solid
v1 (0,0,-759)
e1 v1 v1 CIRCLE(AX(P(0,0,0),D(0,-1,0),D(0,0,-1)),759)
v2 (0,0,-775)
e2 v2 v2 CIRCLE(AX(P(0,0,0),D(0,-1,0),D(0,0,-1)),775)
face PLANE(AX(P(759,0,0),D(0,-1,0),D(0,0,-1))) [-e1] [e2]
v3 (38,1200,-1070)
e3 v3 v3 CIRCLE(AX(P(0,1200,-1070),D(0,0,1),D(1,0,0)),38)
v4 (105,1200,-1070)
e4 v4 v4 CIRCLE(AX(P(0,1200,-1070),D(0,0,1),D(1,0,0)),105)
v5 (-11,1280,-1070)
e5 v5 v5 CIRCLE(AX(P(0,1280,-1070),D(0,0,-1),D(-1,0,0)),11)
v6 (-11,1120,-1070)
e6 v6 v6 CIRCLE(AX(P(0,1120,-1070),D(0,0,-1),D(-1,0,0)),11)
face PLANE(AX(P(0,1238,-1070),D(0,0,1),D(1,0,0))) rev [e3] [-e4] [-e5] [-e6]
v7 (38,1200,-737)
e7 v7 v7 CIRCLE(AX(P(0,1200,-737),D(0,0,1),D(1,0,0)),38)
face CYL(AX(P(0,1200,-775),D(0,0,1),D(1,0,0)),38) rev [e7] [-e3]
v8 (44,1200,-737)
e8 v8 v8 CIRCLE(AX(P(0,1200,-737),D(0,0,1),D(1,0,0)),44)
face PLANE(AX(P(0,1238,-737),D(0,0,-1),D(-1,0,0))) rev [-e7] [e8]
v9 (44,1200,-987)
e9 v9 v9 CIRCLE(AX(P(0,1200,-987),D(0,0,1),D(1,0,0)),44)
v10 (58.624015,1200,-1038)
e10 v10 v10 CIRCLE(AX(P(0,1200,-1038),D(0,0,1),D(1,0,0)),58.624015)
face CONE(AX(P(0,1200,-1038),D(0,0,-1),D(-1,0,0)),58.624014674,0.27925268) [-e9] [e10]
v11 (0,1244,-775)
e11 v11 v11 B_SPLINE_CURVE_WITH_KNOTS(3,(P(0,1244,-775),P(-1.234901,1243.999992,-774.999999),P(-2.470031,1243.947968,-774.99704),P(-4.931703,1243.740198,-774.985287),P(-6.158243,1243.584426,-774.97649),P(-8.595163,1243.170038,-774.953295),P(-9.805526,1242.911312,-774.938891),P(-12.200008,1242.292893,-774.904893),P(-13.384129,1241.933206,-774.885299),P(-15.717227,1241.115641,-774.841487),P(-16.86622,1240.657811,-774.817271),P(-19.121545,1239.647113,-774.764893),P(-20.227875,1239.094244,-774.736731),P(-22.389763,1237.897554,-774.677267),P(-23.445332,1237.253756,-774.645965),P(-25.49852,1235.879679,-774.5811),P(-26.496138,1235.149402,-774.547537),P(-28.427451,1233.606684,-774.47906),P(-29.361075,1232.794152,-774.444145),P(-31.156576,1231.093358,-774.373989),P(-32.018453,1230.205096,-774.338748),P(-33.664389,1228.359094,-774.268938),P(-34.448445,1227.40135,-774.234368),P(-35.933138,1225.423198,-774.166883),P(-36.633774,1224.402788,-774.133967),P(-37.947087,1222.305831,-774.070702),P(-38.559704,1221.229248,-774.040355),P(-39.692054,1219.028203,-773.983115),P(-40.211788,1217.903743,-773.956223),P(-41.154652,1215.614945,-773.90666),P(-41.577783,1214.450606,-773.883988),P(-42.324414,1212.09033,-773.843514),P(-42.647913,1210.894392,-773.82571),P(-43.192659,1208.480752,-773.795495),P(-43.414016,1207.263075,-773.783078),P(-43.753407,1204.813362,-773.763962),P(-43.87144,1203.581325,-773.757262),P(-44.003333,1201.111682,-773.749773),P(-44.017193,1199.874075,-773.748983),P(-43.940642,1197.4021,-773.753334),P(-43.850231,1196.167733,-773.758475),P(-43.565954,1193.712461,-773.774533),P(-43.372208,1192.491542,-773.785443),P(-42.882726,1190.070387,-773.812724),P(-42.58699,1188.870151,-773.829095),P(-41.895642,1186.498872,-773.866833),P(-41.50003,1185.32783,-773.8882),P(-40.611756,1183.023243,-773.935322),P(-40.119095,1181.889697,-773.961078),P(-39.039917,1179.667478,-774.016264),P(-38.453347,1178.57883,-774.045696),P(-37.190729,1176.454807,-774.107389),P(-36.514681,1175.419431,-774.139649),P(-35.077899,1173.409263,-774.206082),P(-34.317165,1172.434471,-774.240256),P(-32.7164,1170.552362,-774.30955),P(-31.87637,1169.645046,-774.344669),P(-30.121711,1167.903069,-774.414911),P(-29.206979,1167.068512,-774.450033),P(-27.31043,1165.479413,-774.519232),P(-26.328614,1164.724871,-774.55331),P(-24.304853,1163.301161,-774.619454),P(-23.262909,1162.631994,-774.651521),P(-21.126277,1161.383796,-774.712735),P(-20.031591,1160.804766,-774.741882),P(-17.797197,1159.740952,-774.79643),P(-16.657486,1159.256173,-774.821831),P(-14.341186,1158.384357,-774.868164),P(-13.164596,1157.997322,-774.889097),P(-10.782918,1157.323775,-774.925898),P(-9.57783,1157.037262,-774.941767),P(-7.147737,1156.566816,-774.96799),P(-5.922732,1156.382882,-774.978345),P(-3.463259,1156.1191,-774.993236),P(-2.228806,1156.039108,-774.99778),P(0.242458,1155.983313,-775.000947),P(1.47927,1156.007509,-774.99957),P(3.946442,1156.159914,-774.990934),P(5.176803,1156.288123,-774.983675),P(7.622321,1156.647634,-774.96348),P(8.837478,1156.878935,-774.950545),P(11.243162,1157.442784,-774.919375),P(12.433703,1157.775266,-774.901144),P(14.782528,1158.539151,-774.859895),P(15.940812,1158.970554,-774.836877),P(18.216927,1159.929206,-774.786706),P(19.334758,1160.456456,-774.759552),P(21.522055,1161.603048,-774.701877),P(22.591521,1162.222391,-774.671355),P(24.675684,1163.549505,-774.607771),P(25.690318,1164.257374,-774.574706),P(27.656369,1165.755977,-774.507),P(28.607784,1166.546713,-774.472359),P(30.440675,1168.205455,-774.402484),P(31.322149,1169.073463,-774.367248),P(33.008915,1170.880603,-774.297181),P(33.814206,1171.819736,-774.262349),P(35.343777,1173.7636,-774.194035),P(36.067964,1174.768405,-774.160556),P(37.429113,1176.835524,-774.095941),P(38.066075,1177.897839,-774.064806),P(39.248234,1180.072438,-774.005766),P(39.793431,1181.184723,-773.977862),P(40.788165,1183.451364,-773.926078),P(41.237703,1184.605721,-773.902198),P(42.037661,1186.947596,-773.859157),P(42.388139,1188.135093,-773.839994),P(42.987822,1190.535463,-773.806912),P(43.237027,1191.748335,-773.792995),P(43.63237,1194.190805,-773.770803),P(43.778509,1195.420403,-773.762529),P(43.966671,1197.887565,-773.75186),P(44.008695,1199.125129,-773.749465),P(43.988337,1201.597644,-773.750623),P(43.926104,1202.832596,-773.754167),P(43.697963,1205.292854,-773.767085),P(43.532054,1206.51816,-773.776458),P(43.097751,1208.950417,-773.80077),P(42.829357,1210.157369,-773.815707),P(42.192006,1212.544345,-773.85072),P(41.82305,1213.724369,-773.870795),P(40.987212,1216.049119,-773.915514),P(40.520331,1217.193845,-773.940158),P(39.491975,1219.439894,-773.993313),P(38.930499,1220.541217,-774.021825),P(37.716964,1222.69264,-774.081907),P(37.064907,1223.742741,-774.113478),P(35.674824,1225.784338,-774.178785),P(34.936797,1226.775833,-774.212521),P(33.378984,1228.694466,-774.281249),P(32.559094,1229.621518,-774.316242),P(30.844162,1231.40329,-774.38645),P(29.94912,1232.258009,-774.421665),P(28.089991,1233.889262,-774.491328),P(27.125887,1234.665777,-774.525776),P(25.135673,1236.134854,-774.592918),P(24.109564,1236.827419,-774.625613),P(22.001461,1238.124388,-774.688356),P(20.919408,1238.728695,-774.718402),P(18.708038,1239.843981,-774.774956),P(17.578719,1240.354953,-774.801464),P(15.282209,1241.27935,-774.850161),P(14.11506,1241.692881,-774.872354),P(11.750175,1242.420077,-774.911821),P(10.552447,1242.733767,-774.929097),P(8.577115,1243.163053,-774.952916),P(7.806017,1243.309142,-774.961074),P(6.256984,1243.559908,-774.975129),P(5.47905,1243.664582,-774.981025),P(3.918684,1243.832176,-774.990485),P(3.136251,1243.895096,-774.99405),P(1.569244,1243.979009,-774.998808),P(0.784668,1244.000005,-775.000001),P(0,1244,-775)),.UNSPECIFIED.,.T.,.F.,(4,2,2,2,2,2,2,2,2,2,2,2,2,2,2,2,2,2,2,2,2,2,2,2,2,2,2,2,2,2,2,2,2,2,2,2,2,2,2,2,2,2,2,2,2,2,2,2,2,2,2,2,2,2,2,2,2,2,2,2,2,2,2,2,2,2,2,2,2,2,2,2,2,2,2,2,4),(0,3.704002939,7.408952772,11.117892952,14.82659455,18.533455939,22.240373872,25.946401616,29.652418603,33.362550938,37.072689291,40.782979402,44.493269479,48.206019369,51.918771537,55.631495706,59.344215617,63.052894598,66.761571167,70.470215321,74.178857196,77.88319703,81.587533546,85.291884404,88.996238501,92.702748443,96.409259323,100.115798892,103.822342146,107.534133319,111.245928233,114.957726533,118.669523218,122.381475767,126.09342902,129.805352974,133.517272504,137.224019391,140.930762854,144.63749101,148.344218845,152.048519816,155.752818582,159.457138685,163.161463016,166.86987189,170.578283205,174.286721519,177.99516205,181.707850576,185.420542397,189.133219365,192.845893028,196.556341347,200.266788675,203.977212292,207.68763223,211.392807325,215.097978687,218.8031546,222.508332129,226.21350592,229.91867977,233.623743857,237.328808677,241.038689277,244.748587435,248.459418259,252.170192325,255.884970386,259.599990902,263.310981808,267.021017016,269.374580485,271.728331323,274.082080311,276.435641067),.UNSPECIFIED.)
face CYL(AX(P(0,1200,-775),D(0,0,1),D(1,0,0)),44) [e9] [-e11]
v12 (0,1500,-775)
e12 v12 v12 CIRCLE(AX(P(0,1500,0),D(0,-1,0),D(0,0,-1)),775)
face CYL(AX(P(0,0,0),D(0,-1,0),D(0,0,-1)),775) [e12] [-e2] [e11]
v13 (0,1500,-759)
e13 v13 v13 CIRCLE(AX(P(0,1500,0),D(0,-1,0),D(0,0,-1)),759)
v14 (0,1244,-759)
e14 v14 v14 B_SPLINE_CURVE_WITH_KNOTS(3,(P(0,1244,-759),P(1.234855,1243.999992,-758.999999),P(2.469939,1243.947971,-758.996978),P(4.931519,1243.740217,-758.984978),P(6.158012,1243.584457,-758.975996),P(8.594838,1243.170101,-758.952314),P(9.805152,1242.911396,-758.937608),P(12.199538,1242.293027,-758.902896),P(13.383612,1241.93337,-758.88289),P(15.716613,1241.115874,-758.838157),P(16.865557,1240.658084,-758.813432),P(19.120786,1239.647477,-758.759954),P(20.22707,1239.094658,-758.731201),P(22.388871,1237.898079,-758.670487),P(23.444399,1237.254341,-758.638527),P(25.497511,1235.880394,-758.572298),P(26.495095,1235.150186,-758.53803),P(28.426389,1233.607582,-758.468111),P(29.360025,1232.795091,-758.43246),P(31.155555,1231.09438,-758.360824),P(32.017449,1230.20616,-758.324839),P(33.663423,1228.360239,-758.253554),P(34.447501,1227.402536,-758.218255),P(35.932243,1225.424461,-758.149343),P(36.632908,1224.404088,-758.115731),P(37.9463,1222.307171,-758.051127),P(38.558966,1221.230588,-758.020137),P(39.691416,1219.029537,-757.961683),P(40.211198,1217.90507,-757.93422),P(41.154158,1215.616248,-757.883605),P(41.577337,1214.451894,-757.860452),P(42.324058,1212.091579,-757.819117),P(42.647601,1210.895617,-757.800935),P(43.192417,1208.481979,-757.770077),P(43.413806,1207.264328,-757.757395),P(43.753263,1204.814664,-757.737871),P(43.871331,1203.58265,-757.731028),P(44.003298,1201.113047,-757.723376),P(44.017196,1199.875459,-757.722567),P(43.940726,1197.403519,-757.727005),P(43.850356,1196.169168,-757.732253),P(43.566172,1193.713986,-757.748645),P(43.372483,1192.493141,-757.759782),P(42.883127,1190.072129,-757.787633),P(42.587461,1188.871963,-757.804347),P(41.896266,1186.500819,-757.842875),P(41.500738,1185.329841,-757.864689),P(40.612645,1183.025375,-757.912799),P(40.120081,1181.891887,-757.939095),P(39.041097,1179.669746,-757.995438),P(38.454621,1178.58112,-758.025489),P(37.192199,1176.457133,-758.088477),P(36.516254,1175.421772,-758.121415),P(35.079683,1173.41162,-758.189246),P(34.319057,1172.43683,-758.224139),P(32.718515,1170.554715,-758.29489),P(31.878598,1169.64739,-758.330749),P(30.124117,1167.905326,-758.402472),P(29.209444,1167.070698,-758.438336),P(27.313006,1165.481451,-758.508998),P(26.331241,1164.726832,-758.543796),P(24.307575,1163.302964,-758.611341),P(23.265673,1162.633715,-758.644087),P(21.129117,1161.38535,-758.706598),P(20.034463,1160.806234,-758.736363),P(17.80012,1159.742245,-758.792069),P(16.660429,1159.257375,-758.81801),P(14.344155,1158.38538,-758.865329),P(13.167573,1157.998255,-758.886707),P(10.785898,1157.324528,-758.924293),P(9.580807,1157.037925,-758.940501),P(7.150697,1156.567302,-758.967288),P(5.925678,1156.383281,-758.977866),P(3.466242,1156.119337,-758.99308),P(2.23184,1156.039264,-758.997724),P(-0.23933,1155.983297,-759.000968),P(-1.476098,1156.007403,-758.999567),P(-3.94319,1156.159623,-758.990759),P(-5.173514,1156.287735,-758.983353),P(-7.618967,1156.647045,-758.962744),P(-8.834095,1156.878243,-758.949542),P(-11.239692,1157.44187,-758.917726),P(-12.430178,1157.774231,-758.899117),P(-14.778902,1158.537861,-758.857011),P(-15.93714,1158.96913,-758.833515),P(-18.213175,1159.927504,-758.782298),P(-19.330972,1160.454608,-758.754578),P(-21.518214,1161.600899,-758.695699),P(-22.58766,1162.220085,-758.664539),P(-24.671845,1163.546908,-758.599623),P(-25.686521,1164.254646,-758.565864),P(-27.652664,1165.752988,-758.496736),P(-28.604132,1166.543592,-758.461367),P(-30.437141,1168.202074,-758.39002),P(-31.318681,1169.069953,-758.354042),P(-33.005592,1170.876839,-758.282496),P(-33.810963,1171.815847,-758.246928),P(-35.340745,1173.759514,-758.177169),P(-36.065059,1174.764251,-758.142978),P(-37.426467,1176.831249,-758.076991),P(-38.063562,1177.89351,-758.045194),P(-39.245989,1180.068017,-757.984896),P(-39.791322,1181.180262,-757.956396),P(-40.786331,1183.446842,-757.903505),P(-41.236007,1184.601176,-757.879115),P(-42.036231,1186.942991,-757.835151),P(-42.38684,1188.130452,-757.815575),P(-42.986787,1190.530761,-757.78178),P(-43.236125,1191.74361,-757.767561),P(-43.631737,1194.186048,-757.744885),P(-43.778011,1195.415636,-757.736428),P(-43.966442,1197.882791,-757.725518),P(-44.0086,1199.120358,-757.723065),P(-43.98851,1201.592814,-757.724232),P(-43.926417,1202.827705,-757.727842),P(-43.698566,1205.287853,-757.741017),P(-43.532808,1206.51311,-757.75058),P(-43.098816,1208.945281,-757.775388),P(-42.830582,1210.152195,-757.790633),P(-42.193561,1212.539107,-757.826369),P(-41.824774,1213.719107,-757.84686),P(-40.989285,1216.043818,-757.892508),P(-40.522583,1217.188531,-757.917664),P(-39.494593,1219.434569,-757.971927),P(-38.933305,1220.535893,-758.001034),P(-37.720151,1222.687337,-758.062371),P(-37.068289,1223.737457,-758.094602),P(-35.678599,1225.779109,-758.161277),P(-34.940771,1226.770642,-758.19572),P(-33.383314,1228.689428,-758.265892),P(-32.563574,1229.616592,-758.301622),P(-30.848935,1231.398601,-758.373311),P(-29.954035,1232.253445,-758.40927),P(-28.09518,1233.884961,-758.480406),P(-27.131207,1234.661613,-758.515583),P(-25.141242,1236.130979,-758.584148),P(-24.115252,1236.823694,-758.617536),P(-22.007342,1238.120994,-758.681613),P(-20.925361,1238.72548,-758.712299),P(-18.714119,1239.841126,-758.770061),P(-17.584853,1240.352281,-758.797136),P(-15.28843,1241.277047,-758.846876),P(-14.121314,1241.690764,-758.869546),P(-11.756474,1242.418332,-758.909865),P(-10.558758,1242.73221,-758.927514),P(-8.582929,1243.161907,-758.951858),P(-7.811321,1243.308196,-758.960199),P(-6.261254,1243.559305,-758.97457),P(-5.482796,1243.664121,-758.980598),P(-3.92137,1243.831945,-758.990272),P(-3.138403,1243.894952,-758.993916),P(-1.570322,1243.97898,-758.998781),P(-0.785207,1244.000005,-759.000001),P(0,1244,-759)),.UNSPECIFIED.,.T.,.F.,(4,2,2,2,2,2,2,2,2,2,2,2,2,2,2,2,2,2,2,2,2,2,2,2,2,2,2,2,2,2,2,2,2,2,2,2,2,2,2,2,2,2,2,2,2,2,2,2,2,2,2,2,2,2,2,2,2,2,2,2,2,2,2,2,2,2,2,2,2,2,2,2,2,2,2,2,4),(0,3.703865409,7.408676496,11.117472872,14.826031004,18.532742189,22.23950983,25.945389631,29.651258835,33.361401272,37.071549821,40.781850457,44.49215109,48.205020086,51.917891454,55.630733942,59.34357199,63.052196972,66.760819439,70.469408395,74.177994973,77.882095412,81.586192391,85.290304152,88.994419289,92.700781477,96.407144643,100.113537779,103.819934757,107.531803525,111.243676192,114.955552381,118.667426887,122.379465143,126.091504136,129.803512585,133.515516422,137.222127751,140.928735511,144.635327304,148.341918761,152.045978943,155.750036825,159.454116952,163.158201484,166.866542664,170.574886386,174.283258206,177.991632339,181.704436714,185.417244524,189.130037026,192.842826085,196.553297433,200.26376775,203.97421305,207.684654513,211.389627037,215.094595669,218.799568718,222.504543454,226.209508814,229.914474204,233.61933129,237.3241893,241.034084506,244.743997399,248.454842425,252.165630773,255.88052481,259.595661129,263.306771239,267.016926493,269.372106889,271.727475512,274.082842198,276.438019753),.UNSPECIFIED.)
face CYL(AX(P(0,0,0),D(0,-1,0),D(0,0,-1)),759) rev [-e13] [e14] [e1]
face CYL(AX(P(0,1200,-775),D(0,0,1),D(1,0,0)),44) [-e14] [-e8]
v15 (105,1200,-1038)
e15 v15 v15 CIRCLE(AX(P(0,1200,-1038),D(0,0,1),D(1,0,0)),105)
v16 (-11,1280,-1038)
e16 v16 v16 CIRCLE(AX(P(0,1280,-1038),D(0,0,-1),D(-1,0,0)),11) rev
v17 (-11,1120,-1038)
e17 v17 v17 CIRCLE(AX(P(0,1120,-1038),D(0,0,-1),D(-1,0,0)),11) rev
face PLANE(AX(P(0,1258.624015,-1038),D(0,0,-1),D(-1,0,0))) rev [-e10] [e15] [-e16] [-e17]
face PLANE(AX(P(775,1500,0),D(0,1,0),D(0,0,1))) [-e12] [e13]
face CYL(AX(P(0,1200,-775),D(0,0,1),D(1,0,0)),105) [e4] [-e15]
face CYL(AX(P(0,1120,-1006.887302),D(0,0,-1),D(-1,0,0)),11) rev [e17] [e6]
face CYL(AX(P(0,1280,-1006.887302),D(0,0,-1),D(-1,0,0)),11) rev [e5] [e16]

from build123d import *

# Parameters (mm, degrees)
SKETCH1_W          = 16
SKETCH1_H          = 1500
SKETCH3_R          = 11
CUT_EXTRUDE1_DEPTH = 32
CUT_EXTRUDE2_START = -400
SKETCH4_R          = 38
CUT_EXTRUDE2_DEPTH = 400


with BuildPart() as part:
    # Sketch1 → Revolve1 (revolve)
    with BuildSketch(Plane.XY, mode=Mode.PRIVATE) as revolve1_sk:
        with Locations((767, 750)):
            Rectangle(SKETCH1_W, SKETCH1_H)
    revolve(revolve1_sk.sketch.rotate(Axis((0, 0, 0), (0, 1, 0)), 90), axis=Axis((0, 0, 0), (0, 1, 0)))

    # Sketch2 → Revolve2 (revolve)
    with BuildSketch(Plane(origin=(0, 0, 0), x_dir=(0, 0, -1), z_dir=(1, 0, 0)), mode=Mode.PRIVATE) as revolve2_sk:
        Polygon((1070, 1238), (737, 1238), (737, 1244), (987, 1244), (1038, 1258.624014674), (1038, 1305), (1070, 1305), align=None)
    revolve(revolve2_sk.sketch.rotate(Axis((0, 1200, -775), (0, 0, -1)), 90), axis=Axis((0, 1200, -775), (0, 0, -1)))

    # Sketch3 → Cut-Extrude1 (cut)
    with BuildSketch(Plane(origin=(0, 0, -1070), x_dir=(-1, 0, 0), z_dir=(0, 0, -1))):
        with Locations((0, 1280)):
            Circle(SKETCH3_R)
        with Locations((0, 1120)):
            Circle(SKETCH3_R)
    extrude(amount=-CUT_EXTRUDE1_DEPTH, mode=Mode.SUBTRACT)

    # Sketch4 → Cut-Extrude2 (cut)
    with BuildSketch(Plane(origin=(0, 0, -1070), x_dir=(-1, 0, 0), z_dir=(0, 0, -1)).offset(CUT_EXTRUDE2_START)):
        with Locations(Location((0, 1200, 0), (0, 0, 180))):
            Circle(SKETCH4_R)
    extrude(amount=CUT_EXTRUDE2_DEPTH, mode=Mode.SUBTRACT)


solid = part.part
